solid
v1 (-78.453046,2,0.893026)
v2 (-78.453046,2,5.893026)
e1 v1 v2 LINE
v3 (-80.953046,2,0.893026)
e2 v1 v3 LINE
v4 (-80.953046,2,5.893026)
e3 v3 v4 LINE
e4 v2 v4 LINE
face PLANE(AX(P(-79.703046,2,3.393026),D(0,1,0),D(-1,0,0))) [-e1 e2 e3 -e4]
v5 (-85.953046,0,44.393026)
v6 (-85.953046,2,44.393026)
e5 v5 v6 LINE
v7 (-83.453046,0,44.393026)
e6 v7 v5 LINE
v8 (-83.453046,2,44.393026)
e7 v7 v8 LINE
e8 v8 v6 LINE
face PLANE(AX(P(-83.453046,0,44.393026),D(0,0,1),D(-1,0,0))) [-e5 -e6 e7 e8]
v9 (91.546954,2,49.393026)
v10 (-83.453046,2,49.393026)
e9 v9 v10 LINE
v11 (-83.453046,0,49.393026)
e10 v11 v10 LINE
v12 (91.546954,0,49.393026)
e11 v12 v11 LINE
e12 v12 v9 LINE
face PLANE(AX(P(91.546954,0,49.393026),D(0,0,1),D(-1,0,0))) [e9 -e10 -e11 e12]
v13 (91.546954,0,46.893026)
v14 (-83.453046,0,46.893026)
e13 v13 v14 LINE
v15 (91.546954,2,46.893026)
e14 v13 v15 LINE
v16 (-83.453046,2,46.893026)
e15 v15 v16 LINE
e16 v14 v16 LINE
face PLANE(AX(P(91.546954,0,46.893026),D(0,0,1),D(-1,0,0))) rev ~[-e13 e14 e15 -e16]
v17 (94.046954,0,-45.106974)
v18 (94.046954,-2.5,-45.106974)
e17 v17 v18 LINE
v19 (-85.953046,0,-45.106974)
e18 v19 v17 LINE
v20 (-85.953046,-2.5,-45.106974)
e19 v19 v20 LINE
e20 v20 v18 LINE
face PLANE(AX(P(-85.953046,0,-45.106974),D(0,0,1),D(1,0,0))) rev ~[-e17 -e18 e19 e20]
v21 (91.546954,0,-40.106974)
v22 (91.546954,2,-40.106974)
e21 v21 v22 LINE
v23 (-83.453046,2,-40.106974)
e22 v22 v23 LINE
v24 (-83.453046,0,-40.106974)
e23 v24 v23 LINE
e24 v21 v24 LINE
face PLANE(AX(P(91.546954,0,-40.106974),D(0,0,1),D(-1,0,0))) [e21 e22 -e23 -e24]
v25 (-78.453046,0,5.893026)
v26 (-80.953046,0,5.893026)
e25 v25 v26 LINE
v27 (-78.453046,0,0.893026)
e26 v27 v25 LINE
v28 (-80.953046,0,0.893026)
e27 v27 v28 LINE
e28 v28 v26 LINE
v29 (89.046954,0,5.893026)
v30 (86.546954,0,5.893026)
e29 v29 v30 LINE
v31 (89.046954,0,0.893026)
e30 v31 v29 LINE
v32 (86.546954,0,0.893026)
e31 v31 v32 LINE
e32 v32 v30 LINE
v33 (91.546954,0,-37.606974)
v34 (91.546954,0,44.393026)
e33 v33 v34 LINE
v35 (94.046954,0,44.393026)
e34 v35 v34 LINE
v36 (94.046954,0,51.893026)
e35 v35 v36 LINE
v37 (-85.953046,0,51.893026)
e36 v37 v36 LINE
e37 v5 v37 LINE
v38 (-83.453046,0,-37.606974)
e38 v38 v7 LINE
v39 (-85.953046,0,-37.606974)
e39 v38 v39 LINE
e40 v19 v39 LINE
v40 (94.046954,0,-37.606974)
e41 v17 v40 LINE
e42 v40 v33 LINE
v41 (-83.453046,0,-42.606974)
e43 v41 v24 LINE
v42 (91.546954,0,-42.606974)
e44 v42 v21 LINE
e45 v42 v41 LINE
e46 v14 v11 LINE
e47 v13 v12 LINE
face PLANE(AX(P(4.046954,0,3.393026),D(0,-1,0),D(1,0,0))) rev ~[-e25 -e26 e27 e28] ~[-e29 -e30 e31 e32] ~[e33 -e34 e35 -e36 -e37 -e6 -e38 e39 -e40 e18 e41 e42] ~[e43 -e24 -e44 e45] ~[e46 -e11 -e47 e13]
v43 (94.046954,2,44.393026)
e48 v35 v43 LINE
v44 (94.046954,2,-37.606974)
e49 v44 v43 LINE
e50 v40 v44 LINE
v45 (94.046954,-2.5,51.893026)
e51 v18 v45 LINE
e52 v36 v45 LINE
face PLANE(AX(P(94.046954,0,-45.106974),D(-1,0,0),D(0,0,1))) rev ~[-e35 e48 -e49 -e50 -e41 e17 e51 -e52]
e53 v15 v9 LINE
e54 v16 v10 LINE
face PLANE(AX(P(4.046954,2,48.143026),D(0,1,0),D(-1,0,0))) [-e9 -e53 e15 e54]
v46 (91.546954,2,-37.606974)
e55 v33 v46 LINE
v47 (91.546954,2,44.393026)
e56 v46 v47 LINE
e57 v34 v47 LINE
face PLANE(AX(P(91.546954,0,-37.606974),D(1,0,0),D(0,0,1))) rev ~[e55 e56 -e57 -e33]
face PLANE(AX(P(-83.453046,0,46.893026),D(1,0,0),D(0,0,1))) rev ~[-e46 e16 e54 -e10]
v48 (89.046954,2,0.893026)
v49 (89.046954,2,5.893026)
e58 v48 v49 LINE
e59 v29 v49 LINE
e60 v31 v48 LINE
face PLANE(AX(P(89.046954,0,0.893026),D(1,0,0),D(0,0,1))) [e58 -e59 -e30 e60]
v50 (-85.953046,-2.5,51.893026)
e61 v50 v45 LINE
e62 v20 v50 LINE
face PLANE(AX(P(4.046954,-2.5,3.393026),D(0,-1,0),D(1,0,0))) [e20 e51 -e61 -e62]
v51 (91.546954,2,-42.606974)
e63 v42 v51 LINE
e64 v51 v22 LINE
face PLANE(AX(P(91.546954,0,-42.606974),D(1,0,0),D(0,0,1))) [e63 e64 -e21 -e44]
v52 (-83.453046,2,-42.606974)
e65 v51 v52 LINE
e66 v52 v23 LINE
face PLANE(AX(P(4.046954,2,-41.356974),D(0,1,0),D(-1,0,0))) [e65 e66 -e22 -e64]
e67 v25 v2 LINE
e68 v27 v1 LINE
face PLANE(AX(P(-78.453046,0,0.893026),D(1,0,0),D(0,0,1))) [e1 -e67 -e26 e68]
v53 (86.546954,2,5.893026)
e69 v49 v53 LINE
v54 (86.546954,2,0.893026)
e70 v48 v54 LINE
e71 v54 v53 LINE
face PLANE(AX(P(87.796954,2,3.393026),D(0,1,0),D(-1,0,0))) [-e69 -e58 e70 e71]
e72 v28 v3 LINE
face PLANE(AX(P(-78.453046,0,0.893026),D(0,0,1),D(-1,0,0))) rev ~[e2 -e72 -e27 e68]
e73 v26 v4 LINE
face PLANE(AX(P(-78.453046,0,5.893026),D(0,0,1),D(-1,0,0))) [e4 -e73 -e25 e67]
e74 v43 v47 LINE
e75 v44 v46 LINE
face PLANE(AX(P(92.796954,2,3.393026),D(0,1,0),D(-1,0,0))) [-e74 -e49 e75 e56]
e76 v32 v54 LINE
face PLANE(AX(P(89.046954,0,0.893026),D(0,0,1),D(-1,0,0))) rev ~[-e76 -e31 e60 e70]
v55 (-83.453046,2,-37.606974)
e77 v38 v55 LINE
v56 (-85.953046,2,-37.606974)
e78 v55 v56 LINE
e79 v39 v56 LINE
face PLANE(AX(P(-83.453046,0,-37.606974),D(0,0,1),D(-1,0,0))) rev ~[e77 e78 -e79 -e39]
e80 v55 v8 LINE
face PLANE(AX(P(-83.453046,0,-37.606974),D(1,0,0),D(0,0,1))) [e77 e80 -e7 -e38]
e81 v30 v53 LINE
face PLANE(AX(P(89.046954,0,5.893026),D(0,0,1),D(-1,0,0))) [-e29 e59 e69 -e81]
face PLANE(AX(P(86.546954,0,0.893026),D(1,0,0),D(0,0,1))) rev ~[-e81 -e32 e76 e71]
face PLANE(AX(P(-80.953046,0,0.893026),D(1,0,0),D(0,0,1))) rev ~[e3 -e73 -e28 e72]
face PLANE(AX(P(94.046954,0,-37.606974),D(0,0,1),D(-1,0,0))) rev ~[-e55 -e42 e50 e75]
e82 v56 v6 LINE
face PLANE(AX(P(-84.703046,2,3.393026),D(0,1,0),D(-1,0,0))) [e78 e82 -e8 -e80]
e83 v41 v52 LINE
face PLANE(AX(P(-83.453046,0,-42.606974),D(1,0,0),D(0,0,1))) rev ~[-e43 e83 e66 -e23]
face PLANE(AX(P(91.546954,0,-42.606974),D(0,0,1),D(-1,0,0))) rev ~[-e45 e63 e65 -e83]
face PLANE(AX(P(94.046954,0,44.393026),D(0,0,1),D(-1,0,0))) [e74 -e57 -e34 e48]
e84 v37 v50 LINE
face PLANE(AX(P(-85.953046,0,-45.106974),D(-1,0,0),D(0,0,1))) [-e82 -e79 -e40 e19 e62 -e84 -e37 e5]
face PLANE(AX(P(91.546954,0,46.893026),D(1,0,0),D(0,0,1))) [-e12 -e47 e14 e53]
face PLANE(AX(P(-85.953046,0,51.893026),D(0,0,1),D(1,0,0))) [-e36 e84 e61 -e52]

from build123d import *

# Parameters (mm, degrees)
F0_W     = 180
F0_H     = 97
F1_DEPTH = 2.5
F2_W     = 175
F2_H     = 2.5
F2_W_2   = 2.5
F2_H_2   = 82
F2_H_3   = 5
F3_DEPTH = 2


with BuildPart() as f1:
    # F0 (on Front) → F1 (new body)
    with BuildSketch(Plane.XZ):
        with Locations((4.046954, 3.393026)):
            Rectangle(F0_W, F0_H)
    extrude(amount=F1_DEPTH)

    # F2 (on face) → F3 (join)
    with BuildSketch(Plane(origin=(0, 0, 0), x_dir=(-1, 0, 0), z_dir=(0, 1, 0))):
        with Locations((-4.046954, -41.356974)):
            Rectangle(F2_W, F2_H)
        with Locations((-4.046954, 48.143026)):
            Rectangle(F2_W, F2_H)
        with Locations((84.703046, 3.393026)):
            Rectangle(F2_W_2, F2_H_2)
        with Locations((-92.796954, 3.393026)):
            Rectangle(F2_W_2, F2_H_2)
        with Locations((79.703046, 3.393026)):
            Rectangle(F2_W_2, F2_H_3)
        with Locations((-87.796954, 3.393026)):
            Rectangle(F2_W_2, F2_H_3)
    extrude(amount=F3_DEPTH)


solid = f1.part
